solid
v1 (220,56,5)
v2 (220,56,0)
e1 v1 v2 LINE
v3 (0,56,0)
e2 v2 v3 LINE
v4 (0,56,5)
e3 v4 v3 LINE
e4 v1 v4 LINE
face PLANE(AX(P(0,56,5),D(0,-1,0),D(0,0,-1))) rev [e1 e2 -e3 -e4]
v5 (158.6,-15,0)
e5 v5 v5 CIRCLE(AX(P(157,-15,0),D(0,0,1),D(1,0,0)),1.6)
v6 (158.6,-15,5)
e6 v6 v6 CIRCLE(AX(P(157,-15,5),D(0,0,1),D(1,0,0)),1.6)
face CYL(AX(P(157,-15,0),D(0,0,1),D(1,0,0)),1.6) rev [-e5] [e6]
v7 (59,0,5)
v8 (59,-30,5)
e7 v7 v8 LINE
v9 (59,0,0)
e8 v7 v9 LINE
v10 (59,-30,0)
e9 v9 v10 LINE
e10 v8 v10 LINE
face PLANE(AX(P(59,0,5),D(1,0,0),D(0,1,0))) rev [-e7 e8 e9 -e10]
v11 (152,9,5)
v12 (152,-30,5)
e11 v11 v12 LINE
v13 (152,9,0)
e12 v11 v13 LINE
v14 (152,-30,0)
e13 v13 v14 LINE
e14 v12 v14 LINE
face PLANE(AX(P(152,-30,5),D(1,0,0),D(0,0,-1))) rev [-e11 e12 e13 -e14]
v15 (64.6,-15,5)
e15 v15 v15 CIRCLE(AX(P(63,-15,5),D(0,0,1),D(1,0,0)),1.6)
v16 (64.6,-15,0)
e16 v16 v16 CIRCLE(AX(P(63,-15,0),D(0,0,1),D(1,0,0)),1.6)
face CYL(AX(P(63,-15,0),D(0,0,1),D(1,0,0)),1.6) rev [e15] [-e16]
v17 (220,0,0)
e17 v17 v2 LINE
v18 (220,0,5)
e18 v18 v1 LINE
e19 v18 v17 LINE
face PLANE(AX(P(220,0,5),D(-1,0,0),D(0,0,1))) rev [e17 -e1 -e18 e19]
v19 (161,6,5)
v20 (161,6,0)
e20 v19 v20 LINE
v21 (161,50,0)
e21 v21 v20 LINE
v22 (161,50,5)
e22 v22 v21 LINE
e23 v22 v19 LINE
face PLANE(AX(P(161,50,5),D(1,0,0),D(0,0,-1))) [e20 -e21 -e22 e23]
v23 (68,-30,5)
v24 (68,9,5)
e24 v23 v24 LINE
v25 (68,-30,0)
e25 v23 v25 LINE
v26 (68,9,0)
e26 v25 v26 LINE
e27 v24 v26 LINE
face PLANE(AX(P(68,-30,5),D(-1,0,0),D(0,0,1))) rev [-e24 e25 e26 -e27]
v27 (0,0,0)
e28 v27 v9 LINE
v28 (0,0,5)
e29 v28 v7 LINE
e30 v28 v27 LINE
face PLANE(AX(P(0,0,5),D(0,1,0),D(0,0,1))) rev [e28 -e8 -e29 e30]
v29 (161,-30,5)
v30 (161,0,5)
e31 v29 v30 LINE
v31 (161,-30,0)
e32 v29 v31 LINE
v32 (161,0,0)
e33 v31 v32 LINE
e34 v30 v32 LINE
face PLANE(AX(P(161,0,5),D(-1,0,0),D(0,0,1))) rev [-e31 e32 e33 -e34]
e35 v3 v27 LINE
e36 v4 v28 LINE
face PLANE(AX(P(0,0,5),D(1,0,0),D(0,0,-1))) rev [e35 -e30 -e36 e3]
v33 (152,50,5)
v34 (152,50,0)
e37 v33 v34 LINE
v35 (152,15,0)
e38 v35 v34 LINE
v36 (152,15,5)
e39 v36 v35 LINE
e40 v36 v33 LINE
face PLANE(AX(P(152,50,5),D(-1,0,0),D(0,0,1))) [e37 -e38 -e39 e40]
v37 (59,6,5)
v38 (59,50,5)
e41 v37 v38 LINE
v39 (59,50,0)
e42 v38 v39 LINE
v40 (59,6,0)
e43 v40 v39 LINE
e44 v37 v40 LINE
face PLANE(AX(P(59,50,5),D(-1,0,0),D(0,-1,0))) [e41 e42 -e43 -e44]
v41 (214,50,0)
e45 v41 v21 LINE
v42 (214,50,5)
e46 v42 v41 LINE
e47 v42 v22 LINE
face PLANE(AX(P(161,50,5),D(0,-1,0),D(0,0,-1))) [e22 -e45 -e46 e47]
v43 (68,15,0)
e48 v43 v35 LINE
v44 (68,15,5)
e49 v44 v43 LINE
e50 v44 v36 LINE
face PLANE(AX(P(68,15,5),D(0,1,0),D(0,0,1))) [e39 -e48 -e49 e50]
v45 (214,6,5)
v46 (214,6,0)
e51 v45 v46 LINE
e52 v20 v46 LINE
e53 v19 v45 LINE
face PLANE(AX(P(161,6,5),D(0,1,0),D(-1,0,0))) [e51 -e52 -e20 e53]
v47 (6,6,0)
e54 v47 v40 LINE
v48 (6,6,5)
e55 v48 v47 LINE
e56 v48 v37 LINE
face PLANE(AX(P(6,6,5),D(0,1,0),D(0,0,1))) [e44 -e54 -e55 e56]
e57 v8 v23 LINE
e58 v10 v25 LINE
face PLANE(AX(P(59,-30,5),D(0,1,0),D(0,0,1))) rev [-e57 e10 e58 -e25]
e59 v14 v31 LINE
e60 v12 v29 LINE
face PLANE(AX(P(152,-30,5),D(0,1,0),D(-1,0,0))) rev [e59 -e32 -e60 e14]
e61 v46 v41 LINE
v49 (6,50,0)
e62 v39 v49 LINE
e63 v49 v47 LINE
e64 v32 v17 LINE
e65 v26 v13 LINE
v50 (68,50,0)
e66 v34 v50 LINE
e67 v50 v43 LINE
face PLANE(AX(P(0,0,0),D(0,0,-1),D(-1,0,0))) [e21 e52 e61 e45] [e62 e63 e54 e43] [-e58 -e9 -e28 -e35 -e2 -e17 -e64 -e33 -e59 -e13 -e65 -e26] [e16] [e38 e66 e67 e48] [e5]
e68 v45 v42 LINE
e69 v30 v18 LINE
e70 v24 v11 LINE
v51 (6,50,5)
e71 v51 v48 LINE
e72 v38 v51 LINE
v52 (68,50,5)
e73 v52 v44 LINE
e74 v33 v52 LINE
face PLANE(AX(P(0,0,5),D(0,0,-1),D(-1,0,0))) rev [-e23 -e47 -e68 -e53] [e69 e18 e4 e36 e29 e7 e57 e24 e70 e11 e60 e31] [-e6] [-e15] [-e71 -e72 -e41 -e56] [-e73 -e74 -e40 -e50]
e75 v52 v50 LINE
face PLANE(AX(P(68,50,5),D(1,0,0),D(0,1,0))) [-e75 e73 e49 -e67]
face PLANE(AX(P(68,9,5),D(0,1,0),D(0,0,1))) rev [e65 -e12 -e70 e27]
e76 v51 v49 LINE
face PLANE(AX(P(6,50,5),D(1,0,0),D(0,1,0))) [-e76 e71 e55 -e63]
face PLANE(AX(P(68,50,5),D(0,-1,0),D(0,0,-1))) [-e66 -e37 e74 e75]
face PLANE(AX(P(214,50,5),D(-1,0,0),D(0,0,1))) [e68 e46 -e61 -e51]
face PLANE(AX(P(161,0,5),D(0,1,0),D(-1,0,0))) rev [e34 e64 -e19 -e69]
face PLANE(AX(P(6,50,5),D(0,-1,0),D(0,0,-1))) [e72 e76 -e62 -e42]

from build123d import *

# Parameters (mm, degrees)
SKETCH_1_W          = 53
SKETCH_1_H          = 44
SKETCH_1_W_2        = 84
SKETCH_1_H_2        = 35
EXTRUDE_1_DEPTH     = 5
SKETCH_2_R          = 1.6
CUT_EXTRUDE_1_DEPTH = 228.070473642


with BuildPart() as part:
    # 草图1 → 凸台-拉伸1 (new body)
    with BuildSketch(Plane.XY):
        Polygon((161, 0), (220, 0), (220, 56), (0, 56), (0, 0), (59, 0), (59, -30), (68, -30), (68, 9), (152, 9), (152, -30), (161, -30), align=None)
        with Locations((32.5, 28)):
            Rectangle(SKETCH_1_W, SKETCH_1_H, mode=Mode.SUBTRACT)
        with Locations((187.5, 28)):
            Rectangle(SKETCH_1_W, SKETCH_1_H, mode=Mode.SUBTRACT)
        with Locations((110, 32.5)):
            Rectangle(SKETCH_1_W_2, SKETCH_1_H_2, mode=Mode.SUBTRACT)
    extrude(amount=EXTRUDE_1_DEPTH)

    # 草图2 → 切除-拉伸1 (cut, through all)
    with BuildSketch(Plane.XY.offset(5)):
        with Locations((63, -15)):
            Circle(SKETCH_2_R)
        with Locations((157, -15)):
            Circle(SKETCH_2_R)
    extrude(amount=-CUT_EXTRUDE_1_DEPTH, mode=Mode.SUBTRACT)


solid = part.part
